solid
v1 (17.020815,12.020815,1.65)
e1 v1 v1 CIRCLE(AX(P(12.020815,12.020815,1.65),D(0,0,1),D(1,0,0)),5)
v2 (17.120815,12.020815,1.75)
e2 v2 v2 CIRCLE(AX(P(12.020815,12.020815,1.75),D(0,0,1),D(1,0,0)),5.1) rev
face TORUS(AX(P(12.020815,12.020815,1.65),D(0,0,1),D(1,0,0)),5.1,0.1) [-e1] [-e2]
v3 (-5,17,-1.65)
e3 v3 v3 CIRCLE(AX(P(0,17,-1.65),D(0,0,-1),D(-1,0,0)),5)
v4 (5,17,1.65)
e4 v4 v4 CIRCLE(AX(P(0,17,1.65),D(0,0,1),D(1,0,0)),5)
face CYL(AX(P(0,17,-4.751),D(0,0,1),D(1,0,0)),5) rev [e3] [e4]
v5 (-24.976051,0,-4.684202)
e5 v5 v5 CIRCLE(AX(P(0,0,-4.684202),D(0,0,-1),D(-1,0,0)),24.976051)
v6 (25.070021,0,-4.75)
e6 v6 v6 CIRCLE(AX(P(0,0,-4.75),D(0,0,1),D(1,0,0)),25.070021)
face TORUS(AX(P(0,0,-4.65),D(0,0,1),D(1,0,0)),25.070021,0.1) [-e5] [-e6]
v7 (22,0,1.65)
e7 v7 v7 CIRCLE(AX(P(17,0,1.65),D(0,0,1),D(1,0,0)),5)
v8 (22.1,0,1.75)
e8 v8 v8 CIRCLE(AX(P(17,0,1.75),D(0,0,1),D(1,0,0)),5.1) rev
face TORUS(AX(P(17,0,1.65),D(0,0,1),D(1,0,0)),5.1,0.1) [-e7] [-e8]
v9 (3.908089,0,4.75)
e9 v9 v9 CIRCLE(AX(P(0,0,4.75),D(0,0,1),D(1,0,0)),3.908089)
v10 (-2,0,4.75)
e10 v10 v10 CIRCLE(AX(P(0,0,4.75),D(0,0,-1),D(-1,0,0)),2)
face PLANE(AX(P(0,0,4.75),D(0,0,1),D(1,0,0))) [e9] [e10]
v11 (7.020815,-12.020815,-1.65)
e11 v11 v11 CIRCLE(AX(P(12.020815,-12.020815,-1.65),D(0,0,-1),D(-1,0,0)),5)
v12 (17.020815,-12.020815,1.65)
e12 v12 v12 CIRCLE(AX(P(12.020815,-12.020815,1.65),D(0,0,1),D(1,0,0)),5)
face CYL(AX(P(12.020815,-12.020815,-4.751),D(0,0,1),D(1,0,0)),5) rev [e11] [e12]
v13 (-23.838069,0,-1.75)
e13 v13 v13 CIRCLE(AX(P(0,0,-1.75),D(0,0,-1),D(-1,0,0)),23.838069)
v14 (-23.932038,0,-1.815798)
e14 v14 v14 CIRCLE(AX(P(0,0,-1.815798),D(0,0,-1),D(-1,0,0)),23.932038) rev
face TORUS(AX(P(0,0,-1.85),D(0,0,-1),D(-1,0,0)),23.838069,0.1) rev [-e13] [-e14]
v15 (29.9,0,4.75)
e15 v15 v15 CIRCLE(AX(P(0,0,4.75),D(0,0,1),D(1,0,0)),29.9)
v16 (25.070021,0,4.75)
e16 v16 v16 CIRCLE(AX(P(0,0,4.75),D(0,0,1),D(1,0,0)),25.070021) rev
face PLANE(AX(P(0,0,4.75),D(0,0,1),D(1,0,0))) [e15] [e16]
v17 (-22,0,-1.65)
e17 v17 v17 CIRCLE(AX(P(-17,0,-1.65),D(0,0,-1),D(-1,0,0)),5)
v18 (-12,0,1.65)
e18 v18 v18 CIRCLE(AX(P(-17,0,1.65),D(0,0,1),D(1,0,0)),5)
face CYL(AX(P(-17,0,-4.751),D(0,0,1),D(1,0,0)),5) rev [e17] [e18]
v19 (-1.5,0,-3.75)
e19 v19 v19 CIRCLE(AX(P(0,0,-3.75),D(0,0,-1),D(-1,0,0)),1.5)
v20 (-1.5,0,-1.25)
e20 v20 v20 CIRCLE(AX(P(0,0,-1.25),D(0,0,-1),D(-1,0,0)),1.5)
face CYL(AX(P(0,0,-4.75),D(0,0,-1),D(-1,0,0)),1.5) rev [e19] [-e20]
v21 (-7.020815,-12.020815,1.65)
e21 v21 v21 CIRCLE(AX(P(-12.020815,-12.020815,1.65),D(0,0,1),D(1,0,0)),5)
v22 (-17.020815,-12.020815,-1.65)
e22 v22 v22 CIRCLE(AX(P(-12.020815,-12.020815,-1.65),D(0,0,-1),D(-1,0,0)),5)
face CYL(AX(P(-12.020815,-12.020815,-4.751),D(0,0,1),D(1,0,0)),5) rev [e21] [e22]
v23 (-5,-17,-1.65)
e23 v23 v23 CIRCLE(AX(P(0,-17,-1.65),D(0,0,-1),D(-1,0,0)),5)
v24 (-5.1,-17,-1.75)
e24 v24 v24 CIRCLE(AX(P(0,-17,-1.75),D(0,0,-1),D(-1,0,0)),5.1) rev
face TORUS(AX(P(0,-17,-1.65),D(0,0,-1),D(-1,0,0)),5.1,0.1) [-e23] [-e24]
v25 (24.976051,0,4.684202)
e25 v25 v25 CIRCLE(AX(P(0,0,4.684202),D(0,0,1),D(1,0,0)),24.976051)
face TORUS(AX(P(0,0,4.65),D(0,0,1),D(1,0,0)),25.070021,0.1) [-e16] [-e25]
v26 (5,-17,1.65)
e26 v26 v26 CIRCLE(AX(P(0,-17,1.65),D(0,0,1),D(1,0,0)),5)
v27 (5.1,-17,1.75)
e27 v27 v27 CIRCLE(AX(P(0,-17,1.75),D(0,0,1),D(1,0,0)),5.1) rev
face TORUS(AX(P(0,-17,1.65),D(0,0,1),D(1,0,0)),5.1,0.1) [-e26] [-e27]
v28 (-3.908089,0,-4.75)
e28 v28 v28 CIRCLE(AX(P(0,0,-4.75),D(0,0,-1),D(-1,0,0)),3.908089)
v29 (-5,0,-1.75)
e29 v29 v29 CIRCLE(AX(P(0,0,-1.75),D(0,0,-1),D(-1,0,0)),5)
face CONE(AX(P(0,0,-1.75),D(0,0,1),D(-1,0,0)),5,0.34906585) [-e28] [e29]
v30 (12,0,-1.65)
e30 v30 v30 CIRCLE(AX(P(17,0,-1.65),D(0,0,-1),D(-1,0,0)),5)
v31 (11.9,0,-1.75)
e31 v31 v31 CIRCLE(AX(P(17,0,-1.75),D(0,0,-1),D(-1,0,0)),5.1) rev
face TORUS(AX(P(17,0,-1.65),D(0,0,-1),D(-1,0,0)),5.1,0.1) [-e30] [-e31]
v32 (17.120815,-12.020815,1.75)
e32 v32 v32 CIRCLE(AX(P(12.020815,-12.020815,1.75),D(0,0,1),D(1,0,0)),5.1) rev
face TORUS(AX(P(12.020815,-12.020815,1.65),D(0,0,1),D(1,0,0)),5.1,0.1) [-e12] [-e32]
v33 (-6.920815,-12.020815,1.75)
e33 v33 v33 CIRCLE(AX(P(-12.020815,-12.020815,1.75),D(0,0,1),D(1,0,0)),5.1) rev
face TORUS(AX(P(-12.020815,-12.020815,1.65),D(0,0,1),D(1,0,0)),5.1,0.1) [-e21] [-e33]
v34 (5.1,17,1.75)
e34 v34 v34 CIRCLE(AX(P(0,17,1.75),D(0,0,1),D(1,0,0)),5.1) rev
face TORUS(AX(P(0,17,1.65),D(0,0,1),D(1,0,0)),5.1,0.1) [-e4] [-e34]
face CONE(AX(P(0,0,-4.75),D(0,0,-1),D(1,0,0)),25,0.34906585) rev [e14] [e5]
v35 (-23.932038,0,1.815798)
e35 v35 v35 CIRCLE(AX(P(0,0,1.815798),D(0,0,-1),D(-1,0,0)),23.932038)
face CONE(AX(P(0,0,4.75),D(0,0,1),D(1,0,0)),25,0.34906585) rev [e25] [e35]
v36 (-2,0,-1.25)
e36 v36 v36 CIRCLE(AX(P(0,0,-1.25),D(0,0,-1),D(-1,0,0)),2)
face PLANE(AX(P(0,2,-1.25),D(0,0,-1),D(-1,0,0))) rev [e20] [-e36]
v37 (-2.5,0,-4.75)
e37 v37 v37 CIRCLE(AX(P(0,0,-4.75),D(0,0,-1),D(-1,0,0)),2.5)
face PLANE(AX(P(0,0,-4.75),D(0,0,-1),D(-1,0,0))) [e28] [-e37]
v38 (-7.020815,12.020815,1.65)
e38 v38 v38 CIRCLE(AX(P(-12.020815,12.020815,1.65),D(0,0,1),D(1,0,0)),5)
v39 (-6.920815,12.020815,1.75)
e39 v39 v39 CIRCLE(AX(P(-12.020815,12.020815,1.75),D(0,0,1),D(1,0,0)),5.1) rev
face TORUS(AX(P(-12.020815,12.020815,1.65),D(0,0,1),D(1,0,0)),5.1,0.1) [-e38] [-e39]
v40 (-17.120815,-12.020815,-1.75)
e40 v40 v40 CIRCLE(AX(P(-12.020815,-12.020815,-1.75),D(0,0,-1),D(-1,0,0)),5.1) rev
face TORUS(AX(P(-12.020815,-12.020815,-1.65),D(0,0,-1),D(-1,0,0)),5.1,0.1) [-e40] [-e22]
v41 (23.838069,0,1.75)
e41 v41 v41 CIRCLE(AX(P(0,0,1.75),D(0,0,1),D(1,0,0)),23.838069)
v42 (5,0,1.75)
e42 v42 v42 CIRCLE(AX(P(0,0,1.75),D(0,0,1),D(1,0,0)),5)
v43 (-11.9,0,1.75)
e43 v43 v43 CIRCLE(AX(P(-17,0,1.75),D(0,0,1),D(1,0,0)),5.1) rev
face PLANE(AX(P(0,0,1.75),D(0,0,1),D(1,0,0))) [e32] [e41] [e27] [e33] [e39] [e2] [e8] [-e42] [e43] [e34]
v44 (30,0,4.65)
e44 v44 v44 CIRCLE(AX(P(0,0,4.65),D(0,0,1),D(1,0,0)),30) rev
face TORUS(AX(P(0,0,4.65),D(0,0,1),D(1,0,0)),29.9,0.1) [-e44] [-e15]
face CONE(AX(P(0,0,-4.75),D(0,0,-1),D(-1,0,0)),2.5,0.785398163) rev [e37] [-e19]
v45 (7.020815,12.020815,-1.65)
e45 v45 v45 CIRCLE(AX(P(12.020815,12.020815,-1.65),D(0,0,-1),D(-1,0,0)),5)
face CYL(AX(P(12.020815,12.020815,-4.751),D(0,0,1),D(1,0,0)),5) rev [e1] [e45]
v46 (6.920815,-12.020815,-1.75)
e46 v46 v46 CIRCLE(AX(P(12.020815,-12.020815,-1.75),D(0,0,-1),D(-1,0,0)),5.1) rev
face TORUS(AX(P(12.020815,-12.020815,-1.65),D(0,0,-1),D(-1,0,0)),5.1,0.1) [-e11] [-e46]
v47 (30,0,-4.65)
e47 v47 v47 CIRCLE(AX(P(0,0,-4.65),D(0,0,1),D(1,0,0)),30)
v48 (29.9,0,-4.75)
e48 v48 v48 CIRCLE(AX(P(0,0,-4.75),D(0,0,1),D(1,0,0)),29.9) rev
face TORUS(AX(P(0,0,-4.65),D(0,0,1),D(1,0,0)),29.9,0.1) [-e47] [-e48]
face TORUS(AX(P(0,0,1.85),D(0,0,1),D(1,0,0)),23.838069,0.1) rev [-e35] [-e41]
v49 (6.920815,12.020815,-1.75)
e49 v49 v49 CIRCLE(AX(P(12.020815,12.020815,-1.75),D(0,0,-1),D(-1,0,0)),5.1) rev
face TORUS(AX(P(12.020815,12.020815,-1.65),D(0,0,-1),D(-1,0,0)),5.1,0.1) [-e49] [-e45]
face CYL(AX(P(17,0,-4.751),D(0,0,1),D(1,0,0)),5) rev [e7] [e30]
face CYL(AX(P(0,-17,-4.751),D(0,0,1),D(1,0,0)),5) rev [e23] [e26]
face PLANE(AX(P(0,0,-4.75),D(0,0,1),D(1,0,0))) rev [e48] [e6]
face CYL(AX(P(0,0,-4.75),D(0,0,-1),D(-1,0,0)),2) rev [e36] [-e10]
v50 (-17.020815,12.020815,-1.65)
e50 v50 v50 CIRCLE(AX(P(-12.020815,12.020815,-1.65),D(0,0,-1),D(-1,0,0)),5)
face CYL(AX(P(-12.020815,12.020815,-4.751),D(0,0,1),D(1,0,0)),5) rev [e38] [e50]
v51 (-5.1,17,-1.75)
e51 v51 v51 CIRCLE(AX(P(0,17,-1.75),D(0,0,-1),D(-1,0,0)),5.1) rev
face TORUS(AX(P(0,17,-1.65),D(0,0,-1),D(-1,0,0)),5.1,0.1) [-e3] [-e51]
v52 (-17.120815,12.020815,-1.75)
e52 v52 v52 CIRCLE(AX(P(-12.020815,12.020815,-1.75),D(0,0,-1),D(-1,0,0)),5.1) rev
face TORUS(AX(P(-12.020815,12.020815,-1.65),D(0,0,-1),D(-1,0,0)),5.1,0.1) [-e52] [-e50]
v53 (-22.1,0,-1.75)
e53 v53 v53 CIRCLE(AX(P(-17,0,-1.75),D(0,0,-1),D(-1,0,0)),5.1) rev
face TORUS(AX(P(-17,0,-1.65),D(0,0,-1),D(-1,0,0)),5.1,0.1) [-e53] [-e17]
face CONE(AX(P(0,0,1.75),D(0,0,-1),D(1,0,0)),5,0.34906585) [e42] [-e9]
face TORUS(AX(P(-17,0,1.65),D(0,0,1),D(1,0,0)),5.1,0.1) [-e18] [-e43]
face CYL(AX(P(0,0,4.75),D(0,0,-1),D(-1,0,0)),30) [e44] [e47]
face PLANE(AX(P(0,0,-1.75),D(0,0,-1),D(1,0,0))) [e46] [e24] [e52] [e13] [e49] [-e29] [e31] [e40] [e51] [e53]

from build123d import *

# Parameters (mm, degrees)
SKETCH3_R           = 30
BOSS_EXTRUDE2_DEPTH = 4.75
SKETCH4_R           = 25
CUT_EXTRUDE1_DEPTH  = 3
CUT_EXTRUDE1_TAPER  = 20
CUT_EXTRUDE2_REACH  = 8.5
SKETCH5_R           = 5
FILLET1_R           = 0.1
SKETCH8_R           = 5
BOSS_EXTRUDE4_DEPTH = 3
BOSS_EXTRUDE4_TAPER = 20
SKETCH9_R           = 5
BOSS_EXTRUDE5_DEPTH = 3
BOSS_EXTRUDE5_TAPER = 20


with BuildPart() as part:
    # Sketch3 → Boss-Extrude2 (new body, symmetric)
    with BuildSketch(Plane.XY):
        Circle(SKETCH3_R)
    extrude(amount=BOSS_EXTRUDE2_DEPTH, both=True)

    # Sketch4 → Cut-Extrude1 (cut)
    with BuildSketch(Plane.XY.offset(4.75)):
        Circle(SKETCH4_R)
    cut_extrude1 = extrude(amount=-CUT_EXTRUDE1_DEPTH, taper=CUT_EXTRUDE1_TAPER, mode=Mode.SUBTRACT)

    # Mirror1: Cut-Extrude1 across plane
    add(cut_extrude1.mirror(Plane.XY), mode=Mode.SUBTRACT)

    # Sketch5 → Cut-Extrude2 (cut, up to next)
    with BuildSketch(Plane.XY.offset(1.75), mode=Mode.PRIVATE) as cut_extrude2_sk1:
        with Locations((0, 17)):
            Circle(SKETCH5_R)
    cut_extrude2_tool1 = extrude(cut_extrude2_sk1.sketch, amount=-CUT_EXTRUDE2_REACH, mode=Mode.PRIVATE) & part.part
    add(cut_extrude2_tool1.solids().sort_by_distance((0, 17, 1.75))[0], mode=Mode.SUBTRACT)
    # Sketch5 → Cut-Extrude2 (cut, up to next)
    with BuildSketch(Plane.XY.offset(1.75), mode=Mode.PRIVATE) as cut_extrude2_sk2:
        with Locations((12.02081528, 12.02081528)):
            Circle(SKETCH5_R)
    cut_extrude2_tool2 = extrude(cut_extrude2_sk2.sketch, amount=-CUT_EXTRUDE2_REACH, mode=Mode.PRIVATE) & part.part
    add(cut_extrude2_tool2.solids().sort_by_distance((12.020815, 12.020815, 1.75))[0], mode=Mode.SUBTRACT)
    # Sketch5 → Cut-Extrude2 (cut, up to next)
    with BuildSketch(Plane.XY.offset(1.75), mode=Mode.PRIVATE) as cut_extrude2_sk3:
        with Locations((17, 0)):
            Circle(SKETCH5_R)
    cut_extrude2_tool3 = extrude(cut_extrude2_sk3.sketch, amount=-CUT_EXTRUDE2_REACH, mode=Mode.PRIVATE) & part.part
    add(cut_extrude2_tool3.solids().sort_by_distance((17, 0, 1.75))[0], mode=Mode.SUBTRACT)
    # Sketch5 → Cut-Extrude2 (cut, up to next)
    with BuildSketch(Plane.XY.offset(1.75), mode=Mode.PRIVATE) as cut_extrude2_sk4:
        with Locations((12.02081528, -12.02081528)):
            Circle(SKETCH5_R)
    cut_extrude2_tool4 = extrude(cut_extrude2_sk4.sketch, amount=-CUT_EXTRUDE2_REACH, mode=Mode.PRIVATE) & part.part
    add(cut_extrude2_tool4.solids().sort_by_distance((12.020815, -12.020815, 1.75))[0], mode=Mode.SUBTRACT)
    # Sketch5 → Cut-Extrude2 (cut, up to next)
    with BuildSketch(Plane.XY.offset(1.75), mode=Mode.PRIVATE) as cut_extrude2_sk5:
        with Locations((0, -17)):
            Circle(SKETCH5_R)
    cut_extrude2_tool5 = extrude(cut_extrude2_sk5.sketch, amount=-CUT_EXTRUDE2_REACH, mode=Mode.PRIVATE) & part.part
    add(cut_extrude2_tool5.solids().sort_by_distance((0, -17, 1.75))[0], mode=Mode.SUBTRACT)
    # Sketch5 → Cut-Extrude2 (cut, up to next)
    with BuildSketch(Plane.XY.offset(1.75), mode=Mode.PRIVATE) as cut_extrude2_sk6:
        with Locations((-12.02081528, -12.02081528)):
            Circle(SKETCH5_R)
    cut_extrude2_tool6 = extrude(cut_extrude2_sk6.sketch, amount=-CUT_EXTRUDE2_REACH, mode=Mode.PRIVATE) & part.part
    add(cut_extrude2_tool6.solids().sort_by_distance((-12.020815, -12.020815, 1.75))[0], mode=Mode.SUBTRACT)
    # Sketch5 → Cut-Extrude2 (cut, up to next)
    with BuildSketch(Plane.XY.offset(1.75), mode=Mode.PRIVATE) as cut_extrude2_sk7:
        with Locations((-17, 0)):
            Circle(SKETCH5_R)
    cut_extrude2_tool7 = extrude(cut_extrude2_sk7.sketch, amount=-CUT_EXTRUDE2_REACH, mode=Mode.PRIVATE) & part.part
    add(cut_extrude2_tool7.solids().sort_by_distance((-17, 0, 1.75))[0], mode=Mode.SUBTRACT)
    # Sketch5 → Cut-Extrude2 (cut, up to next)
    with BuildSketch(Plane.XY.offset(1.75), mode=Mode.PRIVATE) as cut_extrude2_sk8:
        with Locations((-12.02081528, 12.02081528)):
            Circle(SKETCH5_R)
    cut_extrude2_tool8 = extrude(cut_extrude2_sk8.sketch, amount=-CUT_EXTRUDE2_REACH, mode=Mode.PRIVATE) & part.part
    add(cut_extrude2_tool8.solids().sort_by_distance((-12.020815, 12.020815, 1.75))[0], mode=Mode.SUBTRACT)

    # Fillet1
    fillet1_edges = [part.edges().sort_by_distance(p)[0] for p in [
        (-25, 0, -4.75),
        (-23.908089297, 0, -1.75),
        (-30, 0, -4.75),
        (-17.02081528, 12.02081528, -1.75),
        (-17.02081528, 12.02081528, 1.75),
        (-22, 0, -1.75),
        (-22, 0, 1.75),
        (-17.02081528, -12.02081528, -1.75),
        (-17.02081528, -12.02081528, 1.75),
        (-5, -17, -1.75),
        (-5, -17, 1.75),
        (7.02081528, -12.02081528, -1.75),
        (7.02081528, -12.02081528, 1.75),
        (12, 0, -1.75),
        (12, 0, 1.75),
        (7.02081528, 12.02081528, -1.75),
        (7.02081528, 12.02081528, 1.75),
        (-5, 17, -1.75),
        (-5, 17, 1.75),
        (-30, 0, 4.75),
        (-23.908089297, 0, 1.75),
        (-25, 0, 4.75),
    ]]
    fillet(fillet1_edges, radius=FILLET1_R)

    # Sketch8 → Boss-Extrude4 (add)
    with BuildSketch(Plane.XY.offset(1.75)):
        Circle(SKETCH8_R)
    extrude(amount=BOSS_EXTRUDE4_DEPTH, taper=BOSS_EXTRUDE4_TAPER)

    # Sketch9 → Boss-Extrude5 (add)
    with BuildSketch(Plane(origin=(0, 0, -1.75), x_dir=(-1, 0, 0), z_dir=(0, 0, -1))):
        Circle(SKETCH9_R)
    extrude(amount=BOSS_EXTRUDE5_DEPTH, taper=BOSS_EXTRUDE5_TAPER)

    # Sketch10 → Cut-Revolve1 (revolve, cut)
    with BuildSketch(Plane(origin=(0, 0, 0), x_dir=(0, 0, -1), z_dir=(1, 0, 0))):
        Polygon((-4.75, 2), (1.25, 2), (1.25, 1.5), (3.75, 1.5), (4.75, 2.5), (4.75, 0), (-4.75, 0), align=None)
    revolve(axis=Axis((0, 0, -4.75), (0, 0, 1)), mode=Mode.SUBTRACT)


solid = part.part
